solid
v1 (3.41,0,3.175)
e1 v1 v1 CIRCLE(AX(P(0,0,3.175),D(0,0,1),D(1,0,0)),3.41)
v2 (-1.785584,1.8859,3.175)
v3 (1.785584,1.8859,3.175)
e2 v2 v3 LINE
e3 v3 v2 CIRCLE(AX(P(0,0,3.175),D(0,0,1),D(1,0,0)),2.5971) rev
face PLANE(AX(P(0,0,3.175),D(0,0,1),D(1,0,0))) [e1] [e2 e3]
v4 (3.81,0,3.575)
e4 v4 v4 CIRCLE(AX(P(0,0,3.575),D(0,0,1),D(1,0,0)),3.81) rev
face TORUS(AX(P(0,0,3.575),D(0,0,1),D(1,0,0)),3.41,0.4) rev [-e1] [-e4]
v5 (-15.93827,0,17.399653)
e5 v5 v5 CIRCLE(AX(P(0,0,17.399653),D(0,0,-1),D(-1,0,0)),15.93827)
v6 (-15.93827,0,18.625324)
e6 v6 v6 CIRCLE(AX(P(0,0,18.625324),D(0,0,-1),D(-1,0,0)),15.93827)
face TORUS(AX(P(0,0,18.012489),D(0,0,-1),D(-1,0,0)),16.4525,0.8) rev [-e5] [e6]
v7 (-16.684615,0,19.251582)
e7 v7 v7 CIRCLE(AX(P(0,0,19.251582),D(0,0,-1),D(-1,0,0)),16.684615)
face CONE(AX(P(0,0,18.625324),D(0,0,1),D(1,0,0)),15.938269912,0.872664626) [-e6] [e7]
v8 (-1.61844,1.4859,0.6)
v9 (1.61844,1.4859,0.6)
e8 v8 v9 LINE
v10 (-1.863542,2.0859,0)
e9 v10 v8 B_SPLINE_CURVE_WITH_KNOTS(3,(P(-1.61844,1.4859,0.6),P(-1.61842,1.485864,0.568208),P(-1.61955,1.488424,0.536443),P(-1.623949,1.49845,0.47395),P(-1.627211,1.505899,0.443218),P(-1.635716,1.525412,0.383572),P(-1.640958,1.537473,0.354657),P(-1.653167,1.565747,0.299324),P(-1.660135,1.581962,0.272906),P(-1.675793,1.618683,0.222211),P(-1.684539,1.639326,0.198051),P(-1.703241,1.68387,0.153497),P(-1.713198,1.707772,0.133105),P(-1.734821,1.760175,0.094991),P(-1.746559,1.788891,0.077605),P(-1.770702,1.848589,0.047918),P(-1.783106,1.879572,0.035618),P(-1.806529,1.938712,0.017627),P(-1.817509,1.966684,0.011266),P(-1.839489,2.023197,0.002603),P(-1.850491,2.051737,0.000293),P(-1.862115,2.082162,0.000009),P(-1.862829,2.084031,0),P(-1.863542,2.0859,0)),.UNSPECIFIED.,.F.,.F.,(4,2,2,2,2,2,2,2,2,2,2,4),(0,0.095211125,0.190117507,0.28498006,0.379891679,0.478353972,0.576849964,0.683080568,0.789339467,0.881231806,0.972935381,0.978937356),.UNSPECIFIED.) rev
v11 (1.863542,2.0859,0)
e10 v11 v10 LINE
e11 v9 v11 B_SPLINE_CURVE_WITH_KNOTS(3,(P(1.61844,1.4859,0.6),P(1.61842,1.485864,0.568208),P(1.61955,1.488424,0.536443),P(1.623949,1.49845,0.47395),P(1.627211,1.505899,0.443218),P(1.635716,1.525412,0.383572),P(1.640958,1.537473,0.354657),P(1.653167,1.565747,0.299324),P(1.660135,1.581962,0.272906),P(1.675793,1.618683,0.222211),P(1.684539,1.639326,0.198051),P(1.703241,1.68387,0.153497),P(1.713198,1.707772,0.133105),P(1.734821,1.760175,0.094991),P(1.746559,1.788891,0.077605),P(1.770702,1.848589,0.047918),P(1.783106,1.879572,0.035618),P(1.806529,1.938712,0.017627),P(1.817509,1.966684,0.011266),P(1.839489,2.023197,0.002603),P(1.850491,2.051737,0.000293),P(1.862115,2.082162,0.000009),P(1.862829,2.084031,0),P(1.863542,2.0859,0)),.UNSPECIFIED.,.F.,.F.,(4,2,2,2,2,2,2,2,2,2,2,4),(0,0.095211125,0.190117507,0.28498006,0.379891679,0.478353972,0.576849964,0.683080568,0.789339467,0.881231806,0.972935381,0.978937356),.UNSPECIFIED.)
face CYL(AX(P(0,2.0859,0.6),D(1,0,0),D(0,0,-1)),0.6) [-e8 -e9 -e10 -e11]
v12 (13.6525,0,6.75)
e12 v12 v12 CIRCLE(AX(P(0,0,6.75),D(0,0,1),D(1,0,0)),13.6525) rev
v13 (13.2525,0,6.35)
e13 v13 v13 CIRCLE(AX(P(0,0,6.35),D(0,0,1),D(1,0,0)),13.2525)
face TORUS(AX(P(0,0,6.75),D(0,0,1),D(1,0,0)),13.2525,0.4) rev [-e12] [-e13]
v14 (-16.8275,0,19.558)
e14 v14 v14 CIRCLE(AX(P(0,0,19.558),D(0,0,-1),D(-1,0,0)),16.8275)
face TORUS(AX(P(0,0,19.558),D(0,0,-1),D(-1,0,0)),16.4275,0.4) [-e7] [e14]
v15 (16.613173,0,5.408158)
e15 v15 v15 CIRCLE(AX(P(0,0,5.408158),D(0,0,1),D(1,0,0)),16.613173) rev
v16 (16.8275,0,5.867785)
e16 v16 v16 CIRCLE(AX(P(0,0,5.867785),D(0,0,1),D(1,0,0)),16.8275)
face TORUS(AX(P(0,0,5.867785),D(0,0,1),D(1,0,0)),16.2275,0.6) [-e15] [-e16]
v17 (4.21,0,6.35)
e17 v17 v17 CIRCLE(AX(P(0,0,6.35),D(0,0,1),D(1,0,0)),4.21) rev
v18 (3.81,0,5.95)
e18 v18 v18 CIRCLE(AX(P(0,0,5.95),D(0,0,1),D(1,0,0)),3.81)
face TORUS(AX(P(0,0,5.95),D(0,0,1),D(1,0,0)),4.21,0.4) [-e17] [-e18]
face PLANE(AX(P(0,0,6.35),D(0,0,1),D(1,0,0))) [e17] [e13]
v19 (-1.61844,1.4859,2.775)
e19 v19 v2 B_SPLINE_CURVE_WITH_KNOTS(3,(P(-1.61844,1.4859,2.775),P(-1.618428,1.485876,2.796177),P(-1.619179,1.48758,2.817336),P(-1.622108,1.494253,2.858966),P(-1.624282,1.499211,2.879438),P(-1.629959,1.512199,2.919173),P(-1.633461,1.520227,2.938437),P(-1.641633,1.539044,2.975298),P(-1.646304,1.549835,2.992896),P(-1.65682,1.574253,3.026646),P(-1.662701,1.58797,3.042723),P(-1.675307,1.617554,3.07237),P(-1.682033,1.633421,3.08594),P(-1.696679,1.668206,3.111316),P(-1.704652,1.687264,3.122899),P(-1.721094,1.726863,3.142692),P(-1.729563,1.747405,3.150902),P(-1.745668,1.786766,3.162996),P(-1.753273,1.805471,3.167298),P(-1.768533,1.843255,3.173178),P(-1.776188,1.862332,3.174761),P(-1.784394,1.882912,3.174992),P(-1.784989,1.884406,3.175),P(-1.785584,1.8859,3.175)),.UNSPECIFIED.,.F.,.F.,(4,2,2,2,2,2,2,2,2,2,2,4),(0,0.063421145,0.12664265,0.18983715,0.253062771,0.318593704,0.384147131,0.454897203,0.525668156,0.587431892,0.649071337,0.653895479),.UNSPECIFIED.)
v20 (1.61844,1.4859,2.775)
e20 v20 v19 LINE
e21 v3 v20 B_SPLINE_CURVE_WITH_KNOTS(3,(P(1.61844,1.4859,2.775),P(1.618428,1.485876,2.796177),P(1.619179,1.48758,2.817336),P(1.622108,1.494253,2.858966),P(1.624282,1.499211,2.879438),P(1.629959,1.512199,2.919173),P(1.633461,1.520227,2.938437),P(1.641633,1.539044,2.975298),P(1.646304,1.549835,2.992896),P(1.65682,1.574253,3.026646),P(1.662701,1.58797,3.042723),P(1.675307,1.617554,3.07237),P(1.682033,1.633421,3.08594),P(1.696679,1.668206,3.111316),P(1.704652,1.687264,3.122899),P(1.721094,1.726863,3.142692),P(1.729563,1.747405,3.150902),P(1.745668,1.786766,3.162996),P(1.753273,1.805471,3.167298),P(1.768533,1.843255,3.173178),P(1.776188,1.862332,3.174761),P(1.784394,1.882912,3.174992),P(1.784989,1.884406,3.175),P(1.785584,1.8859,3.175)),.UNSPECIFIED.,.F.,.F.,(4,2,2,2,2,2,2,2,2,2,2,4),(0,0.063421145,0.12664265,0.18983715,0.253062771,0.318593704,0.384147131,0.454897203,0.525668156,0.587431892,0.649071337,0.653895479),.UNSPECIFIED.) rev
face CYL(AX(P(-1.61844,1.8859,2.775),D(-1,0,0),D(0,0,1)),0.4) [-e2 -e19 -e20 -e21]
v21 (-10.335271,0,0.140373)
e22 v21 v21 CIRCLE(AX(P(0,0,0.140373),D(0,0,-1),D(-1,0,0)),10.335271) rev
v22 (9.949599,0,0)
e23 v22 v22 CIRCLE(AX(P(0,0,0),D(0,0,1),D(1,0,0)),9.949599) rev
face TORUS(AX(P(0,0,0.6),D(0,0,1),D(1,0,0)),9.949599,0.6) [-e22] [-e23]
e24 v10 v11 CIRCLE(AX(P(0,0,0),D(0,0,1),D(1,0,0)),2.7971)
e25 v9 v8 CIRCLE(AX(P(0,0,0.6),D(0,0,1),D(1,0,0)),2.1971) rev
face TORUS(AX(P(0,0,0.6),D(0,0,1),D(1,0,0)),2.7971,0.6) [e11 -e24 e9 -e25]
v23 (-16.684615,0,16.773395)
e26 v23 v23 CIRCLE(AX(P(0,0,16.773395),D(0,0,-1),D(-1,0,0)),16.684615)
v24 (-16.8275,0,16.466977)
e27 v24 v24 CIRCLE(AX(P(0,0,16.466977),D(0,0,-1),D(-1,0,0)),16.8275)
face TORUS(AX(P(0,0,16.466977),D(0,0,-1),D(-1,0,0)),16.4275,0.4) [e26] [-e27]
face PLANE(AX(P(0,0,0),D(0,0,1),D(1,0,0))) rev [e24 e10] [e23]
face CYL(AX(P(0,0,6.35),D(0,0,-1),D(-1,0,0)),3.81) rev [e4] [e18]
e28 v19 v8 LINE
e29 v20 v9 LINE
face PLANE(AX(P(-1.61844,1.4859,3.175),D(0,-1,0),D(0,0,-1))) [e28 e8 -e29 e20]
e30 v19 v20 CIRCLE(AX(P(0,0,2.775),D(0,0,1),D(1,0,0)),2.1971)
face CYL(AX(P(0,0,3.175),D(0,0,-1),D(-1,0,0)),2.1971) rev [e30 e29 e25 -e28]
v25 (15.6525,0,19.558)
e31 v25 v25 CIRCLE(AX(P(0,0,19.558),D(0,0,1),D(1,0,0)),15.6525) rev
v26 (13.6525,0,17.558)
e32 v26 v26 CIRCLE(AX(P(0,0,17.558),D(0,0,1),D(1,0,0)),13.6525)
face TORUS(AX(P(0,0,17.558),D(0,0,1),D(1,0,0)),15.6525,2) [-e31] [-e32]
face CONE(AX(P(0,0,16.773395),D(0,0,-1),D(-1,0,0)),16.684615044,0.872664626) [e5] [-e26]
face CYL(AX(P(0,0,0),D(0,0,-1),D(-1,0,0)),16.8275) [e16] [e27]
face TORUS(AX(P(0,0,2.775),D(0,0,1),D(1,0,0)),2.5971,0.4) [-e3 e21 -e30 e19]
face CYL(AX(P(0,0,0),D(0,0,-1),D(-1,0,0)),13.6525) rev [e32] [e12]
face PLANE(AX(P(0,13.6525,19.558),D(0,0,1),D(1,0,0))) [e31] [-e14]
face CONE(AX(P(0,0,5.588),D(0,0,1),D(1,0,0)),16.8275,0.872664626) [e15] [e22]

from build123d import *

# Parameters (mm, degrees)
SKETCH1_R           = 13.6525
BOSS_EXTRUDE1_DEPTH = 3.175
SKETCH2_R           = 13.6525
SKETCH2_R_2         = 3.81
BOSS_EXTRUDE2_DEPTH = 3.175
FILLET1_R           = 0.4
FILLET3_R           = 2
FILLET6_R           = 0.6


with BuildPart() as part:
    # Sketch1 → Boss-Extrude1 (new body)
    with BuildSketch(Plane.XY):
        Circle(SKETCH1_R)
        with BuildLine():
            Line((-1.618440484, 1.4859), (1.618440484, 1.4859))
            ThreePointArc((1.618440484, 1.4859), (0, -2.1971), (-1.618440484, 1.4859))
        make_face(mode=Mode.SUBTRACT)
    extrude(amount=BOSS_EXTRUDE1_DEPTH)

    # Sketch2 → Boss-Extrude2 (add)
    with BuildSketch(Plane.XY.offset(3.175)):
        Circle(SKETCH2_R)
        Circle(SKETCH2_R_2, mode=Mode.SUBTRACT)
    extrude(amount=BOSS_EXTRUDE2_DEPTH)

    # Sketch5 → Revolve1 (revolve)
    with BuildSketch(Plane(origin=(0, 0, 0), x_dir=(0, 0, -1), z_dir=(1, 0, 0)), mode=Mode.PRIVATE) as revolve1_sk:
        with BuildLine():
            Line((0, 13.6525), (-19.558, 13.6525))
            Line((-19.558, 13.6525), (-19.558, 16.8275))
            ThreePointArc((-19.558, 16.8275), (-19.388952695, 16.790023115), (-19.251582223, 16.684615044))
            Line((-19.251582223, 16.684615044), (-18.625324298, 15.938269912))
            ThreePointArc((-18.625324298, 15.938269912), (-18.012488744, 15.6525), (-17.399653189, 15.938269912))
            Line((-17.399653189, 15.938269912), (-16.773395264, 16.684615044))
            ThreePointArc((-16.773395264, 16.684615044), (-16.636024792, 16.790023115), (-16.466977487, 16.8275))
            Line((-16.466977487, 16.8275), (0, 16.8275))
            Line((0, 16.8275), (0, 13.6525))
        make_face()
    revolve(revolve1_sk.sketch.rotate(Axis((0, 0, 0), (0, 0, 1)), 90), axis=Axis((0, 0, 0), (0, 0, 1)))

    # Fillet1
    fillet1_edges = [part.edges().sort_by_distance(p)[0] for p in [
        (-3.81, 0, 3.175),
        (-3.81, 0, 6.35),
        (13.6525, 0, 6.35),
        (0, -2.1971, 3.175),
        (0, 1.4859, 3.175),
    ]]
    fillet(fillet1_edges, radius=FILLET1_R)

    # Sketch7 → Cut-Revolve1 (revolve, cut)
    with BuildSketch(Plane(origin=(0, 0, 0), x_dir=(1, 0, 0), z_dir=(0, 1, 0))):
        Polygon((-16.8275, -5.588), (-10.167980925, 0), (-16.8275, 0), align=None)
    revolve(axis=Axis((0, 0, 0), (0, 0, 1)), mode=Mode.SUBTRACT)

    # Fillet3
    fillet3_edges = [part.edges().sort_by_distance(p)[0] for p in [
        (13.6525, 0, 19.558),
    ]]
    fillet(fillet3_edges, radius=FILLET3_R)

    # Fillet6
    fillet6_edges = [part.edges().sort_by_distance(p)[0] for p in [
        (16.8275, 0, 5.588),
        (10.167980925, 0, 0),
        (0, -2.1971, 0),
        (0, 1.4859, 0),
    ]]
    fillet(fillet6_edges, radius=FILLET6_R)


solid = part.part
